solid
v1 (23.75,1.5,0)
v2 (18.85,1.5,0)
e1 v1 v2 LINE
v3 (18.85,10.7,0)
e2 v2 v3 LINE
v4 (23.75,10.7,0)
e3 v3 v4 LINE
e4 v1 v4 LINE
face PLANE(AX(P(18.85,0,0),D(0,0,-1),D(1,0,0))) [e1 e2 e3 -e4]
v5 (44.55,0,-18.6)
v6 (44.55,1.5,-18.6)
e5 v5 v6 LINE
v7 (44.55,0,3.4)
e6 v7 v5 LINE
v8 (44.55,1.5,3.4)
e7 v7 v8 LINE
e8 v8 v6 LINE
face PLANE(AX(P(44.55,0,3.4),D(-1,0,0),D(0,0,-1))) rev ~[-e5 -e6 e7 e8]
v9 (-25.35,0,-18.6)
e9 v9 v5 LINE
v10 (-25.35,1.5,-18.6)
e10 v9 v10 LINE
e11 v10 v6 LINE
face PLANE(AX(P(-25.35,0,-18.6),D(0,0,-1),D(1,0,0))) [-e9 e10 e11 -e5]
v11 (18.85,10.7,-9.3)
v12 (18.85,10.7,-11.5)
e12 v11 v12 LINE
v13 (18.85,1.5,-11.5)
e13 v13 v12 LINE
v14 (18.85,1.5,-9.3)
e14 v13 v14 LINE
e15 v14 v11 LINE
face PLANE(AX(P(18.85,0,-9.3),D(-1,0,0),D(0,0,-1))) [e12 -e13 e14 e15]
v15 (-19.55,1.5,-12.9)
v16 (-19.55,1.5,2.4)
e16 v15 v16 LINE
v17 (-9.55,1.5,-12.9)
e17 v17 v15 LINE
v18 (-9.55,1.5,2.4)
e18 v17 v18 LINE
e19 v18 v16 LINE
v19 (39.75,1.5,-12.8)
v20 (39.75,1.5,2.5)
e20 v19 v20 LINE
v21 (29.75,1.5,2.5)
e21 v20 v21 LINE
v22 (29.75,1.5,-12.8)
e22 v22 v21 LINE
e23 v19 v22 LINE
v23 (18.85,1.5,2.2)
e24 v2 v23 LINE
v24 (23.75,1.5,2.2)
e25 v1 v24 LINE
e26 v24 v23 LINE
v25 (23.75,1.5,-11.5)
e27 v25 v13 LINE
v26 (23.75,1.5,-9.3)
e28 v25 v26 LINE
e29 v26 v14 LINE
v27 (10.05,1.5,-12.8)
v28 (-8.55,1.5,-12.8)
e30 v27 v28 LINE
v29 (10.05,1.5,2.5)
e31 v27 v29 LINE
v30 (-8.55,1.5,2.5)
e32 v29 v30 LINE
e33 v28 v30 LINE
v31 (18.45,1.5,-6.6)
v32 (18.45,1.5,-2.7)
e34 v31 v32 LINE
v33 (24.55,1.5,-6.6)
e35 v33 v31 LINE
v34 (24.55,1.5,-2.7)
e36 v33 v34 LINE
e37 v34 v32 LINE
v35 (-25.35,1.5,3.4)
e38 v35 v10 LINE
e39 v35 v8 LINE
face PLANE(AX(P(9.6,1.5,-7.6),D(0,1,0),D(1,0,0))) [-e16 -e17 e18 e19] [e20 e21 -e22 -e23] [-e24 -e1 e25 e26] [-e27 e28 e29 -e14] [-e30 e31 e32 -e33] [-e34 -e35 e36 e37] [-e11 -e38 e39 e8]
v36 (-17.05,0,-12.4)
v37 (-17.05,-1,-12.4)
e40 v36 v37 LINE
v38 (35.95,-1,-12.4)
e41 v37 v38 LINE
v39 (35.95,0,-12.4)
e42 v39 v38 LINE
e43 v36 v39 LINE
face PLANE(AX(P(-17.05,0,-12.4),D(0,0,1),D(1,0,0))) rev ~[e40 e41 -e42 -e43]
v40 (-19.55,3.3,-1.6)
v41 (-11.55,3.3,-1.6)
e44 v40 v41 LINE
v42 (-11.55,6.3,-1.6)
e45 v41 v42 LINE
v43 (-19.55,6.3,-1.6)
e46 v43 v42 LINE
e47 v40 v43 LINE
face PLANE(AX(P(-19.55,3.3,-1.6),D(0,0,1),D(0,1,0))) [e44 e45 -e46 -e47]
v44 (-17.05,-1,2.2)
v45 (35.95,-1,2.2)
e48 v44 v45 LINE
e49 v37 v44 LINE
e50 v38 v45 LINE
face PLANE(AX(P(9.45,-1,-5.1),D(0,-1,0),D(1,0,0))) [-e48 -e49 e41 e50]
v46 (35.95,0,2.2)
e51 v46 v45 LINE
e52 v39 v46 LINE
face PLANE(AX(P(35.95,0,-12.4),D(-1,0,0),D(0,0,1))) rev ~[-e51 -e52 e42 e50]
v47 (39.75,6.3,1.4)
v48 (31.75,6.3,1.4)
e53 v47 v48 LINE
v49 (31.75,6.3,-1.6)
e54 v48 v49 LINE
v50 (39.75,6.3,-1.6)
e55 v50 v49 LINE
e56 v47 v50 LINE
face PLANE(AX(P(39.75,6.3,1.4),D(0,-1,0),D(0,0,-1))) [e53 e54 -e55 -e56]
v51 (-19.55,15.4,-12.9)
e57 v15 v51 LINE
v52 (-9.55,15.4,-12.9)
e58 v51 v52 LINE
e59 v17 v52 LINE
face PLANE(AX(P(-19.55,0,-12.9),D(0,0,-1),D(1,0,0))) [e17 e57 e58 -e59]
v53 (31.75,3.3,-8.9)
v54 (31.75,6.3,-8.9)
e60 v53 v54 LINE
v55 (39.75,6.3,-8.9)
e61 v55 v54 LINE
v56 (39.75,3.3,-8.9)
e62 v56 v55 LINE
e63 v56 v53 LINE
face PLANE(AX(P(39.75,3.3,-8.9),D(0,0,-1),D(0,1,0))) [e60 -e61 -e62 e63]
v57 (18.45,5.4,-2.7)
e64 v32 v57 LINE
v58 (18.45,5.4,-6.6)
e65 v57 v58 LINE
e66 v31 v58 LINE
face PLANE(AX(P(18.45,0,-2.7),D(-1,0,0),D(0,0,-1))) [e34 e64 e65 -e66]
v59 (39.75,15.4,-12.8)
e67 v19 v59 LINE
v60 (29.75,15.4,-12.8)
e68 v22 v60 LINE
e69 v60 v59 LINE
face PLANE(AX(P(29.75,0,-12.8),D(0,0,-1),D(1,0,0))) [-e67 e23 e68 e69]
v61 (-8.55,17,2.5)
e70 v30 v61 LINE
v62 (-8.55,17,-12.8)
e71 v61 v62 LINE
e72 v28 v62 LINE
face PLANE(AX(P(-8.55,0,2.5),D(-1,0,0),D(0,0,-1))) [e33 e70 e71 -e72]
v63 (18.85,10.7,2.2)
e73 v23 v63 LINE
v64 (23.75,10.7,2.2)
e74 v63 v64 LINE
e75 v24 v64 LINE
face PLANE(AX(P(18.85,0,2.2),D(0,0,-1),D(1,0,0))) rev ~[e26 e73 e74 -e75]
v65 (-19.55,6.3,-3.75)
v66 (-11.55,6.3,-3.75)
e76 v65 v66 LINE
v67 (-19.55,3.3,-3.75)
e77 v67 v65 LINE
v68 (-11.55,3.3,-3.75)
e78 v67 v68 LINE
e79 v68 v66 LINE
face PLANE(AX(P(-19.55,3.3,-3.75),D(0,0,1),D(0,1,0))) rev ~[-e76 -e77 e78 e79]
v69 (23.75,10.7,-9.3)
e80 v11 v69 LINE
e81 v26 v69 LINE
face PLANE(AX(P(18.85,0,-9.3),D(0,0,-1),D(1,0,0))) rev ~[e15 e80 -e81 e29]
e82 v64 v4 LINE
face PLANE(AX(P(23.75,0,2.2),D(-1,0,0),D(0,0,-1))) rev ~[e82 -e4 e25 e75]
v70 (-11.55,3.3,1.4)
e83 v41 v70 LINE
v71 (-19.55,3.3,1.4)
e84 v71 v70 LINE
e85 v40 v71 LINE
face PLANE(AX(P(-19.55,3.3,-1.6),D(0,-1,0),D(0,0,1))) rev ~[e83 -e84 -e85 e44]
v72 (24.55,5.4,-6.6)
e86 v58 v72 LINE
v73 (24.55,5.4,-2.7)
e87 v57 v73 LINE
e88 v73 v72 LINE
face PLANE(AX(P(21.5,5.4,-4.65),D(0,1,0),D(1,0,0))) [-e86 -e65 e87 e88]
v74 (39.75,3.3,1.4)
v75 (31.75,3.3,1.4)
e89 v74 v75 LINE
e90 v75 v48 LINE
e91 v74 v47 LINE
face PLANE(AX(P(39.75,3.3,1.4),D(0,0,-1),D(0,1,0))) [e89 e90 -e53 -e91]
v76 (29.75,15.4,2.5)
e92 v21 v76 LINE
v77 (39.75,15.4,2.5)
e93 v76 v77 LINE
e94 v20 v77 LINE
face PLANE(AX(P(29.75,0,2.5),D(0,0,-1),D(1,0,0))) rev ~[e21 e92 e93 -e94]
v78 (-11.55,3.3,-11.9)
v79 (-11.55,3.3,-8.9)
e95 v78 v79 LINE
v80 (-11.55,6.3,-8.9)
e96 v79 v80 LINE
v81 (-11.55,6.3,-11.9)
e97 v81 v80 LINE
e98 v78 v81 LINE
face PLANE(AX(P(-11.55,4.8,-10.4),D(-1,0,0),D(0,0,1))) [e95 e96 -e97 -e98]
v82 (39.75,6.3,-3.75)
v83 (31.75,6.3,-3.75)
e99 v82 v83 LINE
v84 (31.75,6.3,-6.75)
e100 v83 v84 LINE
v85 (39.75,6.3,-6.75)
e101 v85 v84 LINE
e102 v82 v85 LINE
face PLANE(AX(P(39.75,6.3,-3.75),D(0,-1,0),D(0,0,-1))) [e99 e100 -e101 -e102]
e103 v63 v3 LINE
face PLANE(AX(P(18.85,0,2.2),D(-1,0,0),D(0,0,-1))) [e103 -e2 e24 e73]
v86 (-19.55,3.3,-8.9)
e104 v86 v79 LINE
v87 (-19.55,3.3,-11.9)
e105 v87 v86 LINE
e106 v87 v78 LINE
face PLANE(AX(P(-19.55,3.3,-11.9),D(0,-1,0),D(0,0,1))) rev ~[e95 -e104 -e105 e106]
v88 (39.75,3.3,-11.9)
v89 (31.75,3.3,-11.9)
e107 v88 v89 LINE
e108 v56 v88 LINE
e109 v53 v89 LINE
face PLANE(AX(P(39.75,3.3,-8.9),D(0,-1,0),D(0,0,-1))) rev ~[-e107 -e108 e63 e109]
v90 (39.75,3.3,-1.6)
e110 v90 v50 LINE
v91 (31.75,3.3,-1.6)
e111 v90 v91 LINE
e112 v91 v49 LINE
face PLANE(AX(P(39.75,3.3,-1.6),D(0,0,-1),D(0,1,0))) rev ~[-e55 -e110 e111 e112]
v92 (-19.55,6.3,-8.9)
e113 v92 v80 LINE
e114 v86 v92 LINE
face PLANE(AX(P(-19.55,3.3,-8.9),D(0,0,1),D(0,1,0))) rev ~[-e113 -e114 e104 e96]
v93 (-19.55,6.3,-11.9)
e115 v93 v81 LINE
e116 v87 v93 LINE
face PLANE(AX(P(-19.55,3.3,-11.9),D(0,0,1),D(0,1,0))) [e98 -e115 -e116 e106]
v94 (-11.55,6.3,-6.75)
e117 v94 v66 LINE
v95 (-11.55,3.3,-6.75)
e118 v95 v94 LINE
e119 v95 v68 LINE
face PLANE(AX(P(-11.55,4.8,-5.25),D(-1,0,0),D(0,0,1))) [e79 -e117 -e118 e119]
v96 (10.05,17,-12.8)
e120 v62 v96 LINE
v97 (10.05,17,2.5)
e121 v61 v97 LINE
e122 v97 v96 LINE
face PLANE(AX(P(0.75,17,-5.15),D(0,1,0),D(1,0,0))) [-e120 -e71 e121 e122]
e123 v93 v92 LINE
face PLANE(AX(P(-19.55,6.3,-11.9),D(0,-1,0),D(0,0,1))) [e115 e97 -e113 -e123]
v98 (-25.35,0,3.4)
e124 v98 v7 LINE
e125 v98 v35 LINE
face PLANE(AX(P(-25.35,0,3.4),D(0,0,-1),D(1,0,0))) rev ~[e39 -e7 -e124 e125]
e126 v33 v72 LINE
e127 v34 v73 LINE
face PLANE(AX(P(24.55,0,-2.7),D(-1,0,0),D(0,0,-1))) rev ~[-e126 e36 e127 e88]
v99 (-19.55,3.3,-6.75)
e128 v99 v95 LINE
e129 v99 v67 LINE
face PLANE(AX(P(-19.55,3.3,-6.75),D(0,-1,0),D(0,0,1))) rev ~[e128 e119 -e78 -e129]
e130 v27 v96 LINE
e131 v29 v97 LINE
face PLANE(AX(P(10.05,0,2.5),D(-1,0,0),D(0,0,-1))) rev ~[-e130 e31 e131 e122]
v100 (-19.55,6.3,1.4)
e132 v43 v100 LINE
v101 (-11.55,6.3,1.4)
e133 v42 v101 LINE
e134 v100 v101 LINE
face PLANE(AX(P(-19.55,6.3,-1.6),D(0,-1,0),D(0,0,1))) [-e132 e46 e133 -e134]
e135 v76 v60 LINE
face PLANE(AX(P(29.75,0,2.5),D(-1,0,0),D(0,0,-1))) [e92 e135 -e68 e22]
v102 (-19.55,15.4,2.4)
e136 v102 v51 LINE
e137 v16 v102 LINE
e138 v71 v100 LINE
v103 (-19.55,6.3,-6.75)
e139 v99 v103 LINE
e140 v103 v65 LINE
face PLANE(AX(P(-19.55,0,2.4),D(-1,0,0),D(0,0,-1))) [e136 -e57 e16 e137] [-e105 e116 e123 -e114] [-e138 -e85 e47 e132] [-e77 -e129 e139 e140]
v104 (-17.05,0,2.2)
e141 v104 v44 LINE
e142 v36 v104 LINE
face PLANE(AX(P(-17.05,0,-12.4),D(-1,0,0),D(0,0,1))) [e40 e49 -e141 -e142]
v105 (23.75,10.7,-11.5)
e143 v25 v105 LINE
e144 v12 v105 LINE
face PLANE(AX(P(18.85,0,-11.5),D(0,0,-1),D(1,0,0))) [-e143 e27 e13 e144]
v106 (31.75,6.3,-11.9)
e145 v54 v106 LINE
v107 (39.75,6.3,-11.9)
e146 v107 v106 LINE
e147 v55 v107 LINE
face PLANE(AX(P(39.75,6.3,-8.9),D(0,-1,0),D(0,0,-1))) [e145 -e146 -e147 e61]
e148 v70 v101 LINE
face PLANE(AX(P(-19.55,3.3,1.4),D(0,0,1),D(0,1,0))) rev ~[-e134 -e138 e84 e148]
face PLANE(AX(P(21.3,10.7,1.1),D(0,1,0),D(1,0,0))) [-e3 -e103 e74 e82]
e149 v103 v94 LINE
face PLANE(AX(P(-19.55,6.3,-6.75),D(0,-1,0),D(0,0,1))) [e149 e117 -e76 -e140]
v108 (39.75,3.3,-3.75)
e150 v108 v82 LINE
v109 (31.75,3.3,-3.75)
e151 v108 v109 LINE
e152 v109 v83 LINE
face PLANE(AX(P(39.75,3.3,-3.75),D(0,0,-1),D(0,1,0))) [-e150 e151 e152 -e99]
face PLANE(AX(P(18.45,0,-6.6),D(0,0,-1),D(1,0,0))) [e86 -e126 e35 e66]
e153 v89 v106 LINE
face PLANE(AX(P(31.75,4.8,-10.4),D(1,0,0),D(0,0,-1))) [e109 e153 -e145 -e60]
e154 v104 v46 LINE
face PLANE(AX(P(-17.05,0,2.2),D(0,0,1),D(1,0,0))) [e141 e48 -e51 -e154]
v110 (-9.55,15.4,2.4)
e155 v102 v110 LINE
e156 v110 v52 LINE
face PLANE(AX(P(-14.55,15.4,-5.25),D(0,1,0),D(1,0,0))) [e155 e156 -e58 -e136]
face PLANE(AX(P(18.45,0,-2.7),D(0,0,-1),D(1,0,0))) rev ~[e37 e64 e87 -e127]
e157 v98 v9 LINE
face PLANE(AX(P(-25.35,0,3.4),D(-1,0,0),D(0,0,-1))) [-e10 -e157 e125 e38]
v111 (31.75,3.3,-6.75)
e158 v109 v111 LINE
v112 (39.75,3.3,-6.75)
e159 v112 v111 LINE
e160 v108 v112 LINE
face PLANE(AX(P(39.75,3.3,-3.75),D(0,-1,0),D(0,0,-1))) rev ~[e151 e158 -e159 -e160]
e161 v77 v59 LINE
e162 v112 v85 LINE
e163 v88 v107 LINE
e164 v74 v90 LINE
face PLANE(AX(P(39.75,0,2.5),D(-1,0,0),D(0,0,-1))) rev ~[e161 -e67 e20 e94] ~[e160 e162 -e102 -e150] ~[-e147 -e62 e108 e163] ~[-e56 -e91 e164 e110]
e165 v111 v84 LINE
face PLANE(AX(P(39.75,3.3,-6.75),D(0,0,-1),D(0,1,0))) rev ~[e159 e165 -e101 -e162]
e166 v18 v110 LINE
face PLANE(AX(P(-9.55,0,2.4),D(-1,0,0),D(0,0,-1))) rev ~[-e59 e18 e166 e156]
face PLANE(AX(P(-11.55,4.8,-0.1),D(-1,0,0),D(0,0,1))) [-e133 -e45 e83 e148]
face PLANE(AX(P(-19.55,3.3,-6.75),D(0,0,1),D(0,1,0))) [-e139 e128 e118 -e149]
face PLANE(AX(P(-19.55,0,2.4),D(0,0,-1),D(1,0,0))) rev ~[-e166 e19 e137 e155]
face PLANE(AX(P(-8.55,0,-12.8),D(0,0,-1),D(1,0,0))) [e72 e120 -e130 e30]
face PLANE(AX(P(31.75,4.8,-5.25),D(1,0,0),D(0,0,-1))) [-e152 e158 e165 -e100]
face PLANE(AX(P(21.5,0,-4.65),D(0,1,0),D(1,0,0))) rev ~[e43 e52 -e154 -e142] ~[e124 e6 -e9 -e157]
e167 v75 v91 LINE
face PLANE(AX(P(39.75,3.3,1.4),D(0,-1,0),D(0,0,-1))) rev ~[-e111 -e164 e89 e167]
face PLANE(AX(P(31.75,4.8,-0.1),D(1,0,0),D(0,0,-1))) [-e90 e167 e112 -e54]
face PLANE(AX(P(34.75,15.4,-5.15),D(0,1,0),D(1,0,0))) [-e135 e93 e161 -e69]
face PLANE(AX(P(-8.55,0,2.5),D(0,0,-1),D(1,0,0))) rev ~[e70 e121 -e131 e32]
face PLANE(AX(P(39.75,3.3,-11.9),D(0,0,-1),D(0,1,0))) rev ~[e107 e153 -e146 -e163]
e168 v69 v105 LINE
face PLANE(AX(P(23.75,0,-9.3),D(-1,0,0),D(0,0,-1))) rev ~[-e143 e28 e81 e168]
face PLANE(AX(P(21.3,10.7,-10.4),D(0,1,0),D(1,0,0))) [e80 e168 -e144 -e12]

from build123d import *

# Parameters (mm, degrees)
SKETCH1_W           = 69.9
SKETCH1_H           = 22
BOSS_EXTRUDE1_DEPTH = 1.5
BOSS_EXTRUDE2_START = -1.5
SKETCH2_W           = 10
SKETCH2_H           = 15.3
BOSS_EXTRUDE2_DEPTH = 15.4
BOSS_EXTRUDE3_START = -1.5
SKETCH2_3_W         = 18.6
SKETCH2_3_H         = 15.3
BOSS_EXTRUDE3_DEPTH = 17
SKETCH3_W           = 3
SKETCH3_H           = 3
CUT_EXTRUDE1_DEPTH  = 8
SKETCH4_W           = 3
SKETCH4_H           = 3
CUT_EXTRUDE2_DEPTH  = 8
BOSS_EXTRUDE5_START = -1.5
SKETCH5_W           = 4.9
SKETCH5_H           = 2.2
BOSS_EXTRUDE5_DEPTH = 10.7
BOSS_EXTRUDE6_START = -1.5
SKETCH5_3_W         = 6.1
SKETCH5_3_H         = 3.9
BOSS_EXTRUDE6_DEPTH = 5.4
SKETCH6_W           = 53
SKETCH6_H           = 14.6
BOSS_EXTRUDE7_DEPTH = 1


with BuildPart() as part:
    # Sketch1 → Boss-Extrude1 (new body)
    with BuildSketch(Plane(origin=(0, 0, 0), x_dir=(1, 0, 0), z_dir=(0, 1, 0))):
        with Locations((9.6, 7.6)):
            Rectangle(SKETCH1_W, SKETCH1_H)
    extrude(amount=BOSS_EXTRUDE1_DEPTH)

    # Sketch2 → Boss-Extrude2 (add)
    with BuildSketch(Plane(origin=(0, 1.5, 0), x_dir=(1, 0, 0), z_dir=(0, 1, 0)).offset(BOSS_EXTRUDE2_START)):
        with Locations((-14.55, 5.25)):
            Rectangle(SKETCH2_W, SKETCH2_H)
        with Locations((34.75, 5.15)):
            Rectangle(SKETCH2_W, SKETCH2_H)
    extrude(amount=BOSS_EXTRUDE2_DEPTH)

    # Sketch2<3> → Boss-Extrude3 (add)
    with BuildSketch(Plane(origin=(0, 1.5, 0), x_dir=(1, 0, 0), z_dir=(0, 1, 0)).offset(BOSS_EXTRUDE3_START)):
        with Locations((0.75, 5.15)):
            Rectangle(SKETCH2_3_W, SKETCH2_3_H)
    extrude(amount=BOSS_EXTRUDE3_DEPTH)

    # Sketch3 → Cut-Extrude1 (cut)
    with BuildSketch(Plane.ZY.offset(19.55)):
        with Locations((-10.4, 4.8)):
            Rectangle(SKETCH3_W, SKETCH3_H)
        with Locations((-5.25, 4.8)):
            Rectangle(SKETCH3_W, SKETCH3_H)
        with Locations((-0.1, 4.8)):
            Rectangle(SKETCH3_W, SKETCH3_H)
    extrude(amount=-CUT_EXTRUDE1_DEPTH, mode=Mode.SUBTRACT)

    # Sketch4 → Cut-Extrude2 (cut)
    with BuildSketch(Plane(origin=(39.75, 0, 0), x_dir=(0, 0, -1), z_dir=(1, 0, 0))):
        with Locations((10.4, 4.8)):
            Rectangle(SKETCH4_W, SKETCH4_H)
        with Locations((5.25, 4.8)):
            Rectangle(SKETCH4_W, SKETCH4_H)
        with Locations((0.1, 4.8)):
            Rectangle(SKETCH4_W, SKETCH4_H)
    extrude(amount=-CUT_EXTRUDE2_DEPTH, mode=Mode.SUBTRACT)

    # Sketch5 → Boss-Extrude5 (add)
    with BuildSketch(Plane(origin=(0, 1.5, 0), x_dir=(1, 0, 0), z_dir=(0, 1, 0)).offset(BOSS_EXTRUDE5_START)):
        with Locations((21.3, 10.4)):
            Rectangle(SKETCH5_W, SKETCH5_H)
        with Locations((21.3, -1.1)):
            Rectangle(SKETCH5_W, SKETCH5_H)
    extrude(amount=BOSS_EXTRUDE5_DEPTH)

    # Sketch5<3> → Boss-Extrude6 (add)
    with BuildSketch(Plane(origin=(0, 1.5, 0), x_dir=(1, 0, 0), z_dir=(0, 1, 0)).offset(BOSS_EXTRUDE6_START)):
        with Locations((21.5, 4.65)):
            Rectangle(SKETCH5_3_W, SKETCH5_3_H)
    extrude(amount=BOSS_EXTRUDE6_DEPTH)

    # Sketch6 → Boss-Extrude7 (add)
    with BuildSketch(Plane.XZ):
        with Locations((9.45, -5.1)):
            Rectangle(SKETCH6_W, SKETCH6_H)
    extrude(amount=BOSS_EXTRUDE7_DEPTH)


solid = part.part
